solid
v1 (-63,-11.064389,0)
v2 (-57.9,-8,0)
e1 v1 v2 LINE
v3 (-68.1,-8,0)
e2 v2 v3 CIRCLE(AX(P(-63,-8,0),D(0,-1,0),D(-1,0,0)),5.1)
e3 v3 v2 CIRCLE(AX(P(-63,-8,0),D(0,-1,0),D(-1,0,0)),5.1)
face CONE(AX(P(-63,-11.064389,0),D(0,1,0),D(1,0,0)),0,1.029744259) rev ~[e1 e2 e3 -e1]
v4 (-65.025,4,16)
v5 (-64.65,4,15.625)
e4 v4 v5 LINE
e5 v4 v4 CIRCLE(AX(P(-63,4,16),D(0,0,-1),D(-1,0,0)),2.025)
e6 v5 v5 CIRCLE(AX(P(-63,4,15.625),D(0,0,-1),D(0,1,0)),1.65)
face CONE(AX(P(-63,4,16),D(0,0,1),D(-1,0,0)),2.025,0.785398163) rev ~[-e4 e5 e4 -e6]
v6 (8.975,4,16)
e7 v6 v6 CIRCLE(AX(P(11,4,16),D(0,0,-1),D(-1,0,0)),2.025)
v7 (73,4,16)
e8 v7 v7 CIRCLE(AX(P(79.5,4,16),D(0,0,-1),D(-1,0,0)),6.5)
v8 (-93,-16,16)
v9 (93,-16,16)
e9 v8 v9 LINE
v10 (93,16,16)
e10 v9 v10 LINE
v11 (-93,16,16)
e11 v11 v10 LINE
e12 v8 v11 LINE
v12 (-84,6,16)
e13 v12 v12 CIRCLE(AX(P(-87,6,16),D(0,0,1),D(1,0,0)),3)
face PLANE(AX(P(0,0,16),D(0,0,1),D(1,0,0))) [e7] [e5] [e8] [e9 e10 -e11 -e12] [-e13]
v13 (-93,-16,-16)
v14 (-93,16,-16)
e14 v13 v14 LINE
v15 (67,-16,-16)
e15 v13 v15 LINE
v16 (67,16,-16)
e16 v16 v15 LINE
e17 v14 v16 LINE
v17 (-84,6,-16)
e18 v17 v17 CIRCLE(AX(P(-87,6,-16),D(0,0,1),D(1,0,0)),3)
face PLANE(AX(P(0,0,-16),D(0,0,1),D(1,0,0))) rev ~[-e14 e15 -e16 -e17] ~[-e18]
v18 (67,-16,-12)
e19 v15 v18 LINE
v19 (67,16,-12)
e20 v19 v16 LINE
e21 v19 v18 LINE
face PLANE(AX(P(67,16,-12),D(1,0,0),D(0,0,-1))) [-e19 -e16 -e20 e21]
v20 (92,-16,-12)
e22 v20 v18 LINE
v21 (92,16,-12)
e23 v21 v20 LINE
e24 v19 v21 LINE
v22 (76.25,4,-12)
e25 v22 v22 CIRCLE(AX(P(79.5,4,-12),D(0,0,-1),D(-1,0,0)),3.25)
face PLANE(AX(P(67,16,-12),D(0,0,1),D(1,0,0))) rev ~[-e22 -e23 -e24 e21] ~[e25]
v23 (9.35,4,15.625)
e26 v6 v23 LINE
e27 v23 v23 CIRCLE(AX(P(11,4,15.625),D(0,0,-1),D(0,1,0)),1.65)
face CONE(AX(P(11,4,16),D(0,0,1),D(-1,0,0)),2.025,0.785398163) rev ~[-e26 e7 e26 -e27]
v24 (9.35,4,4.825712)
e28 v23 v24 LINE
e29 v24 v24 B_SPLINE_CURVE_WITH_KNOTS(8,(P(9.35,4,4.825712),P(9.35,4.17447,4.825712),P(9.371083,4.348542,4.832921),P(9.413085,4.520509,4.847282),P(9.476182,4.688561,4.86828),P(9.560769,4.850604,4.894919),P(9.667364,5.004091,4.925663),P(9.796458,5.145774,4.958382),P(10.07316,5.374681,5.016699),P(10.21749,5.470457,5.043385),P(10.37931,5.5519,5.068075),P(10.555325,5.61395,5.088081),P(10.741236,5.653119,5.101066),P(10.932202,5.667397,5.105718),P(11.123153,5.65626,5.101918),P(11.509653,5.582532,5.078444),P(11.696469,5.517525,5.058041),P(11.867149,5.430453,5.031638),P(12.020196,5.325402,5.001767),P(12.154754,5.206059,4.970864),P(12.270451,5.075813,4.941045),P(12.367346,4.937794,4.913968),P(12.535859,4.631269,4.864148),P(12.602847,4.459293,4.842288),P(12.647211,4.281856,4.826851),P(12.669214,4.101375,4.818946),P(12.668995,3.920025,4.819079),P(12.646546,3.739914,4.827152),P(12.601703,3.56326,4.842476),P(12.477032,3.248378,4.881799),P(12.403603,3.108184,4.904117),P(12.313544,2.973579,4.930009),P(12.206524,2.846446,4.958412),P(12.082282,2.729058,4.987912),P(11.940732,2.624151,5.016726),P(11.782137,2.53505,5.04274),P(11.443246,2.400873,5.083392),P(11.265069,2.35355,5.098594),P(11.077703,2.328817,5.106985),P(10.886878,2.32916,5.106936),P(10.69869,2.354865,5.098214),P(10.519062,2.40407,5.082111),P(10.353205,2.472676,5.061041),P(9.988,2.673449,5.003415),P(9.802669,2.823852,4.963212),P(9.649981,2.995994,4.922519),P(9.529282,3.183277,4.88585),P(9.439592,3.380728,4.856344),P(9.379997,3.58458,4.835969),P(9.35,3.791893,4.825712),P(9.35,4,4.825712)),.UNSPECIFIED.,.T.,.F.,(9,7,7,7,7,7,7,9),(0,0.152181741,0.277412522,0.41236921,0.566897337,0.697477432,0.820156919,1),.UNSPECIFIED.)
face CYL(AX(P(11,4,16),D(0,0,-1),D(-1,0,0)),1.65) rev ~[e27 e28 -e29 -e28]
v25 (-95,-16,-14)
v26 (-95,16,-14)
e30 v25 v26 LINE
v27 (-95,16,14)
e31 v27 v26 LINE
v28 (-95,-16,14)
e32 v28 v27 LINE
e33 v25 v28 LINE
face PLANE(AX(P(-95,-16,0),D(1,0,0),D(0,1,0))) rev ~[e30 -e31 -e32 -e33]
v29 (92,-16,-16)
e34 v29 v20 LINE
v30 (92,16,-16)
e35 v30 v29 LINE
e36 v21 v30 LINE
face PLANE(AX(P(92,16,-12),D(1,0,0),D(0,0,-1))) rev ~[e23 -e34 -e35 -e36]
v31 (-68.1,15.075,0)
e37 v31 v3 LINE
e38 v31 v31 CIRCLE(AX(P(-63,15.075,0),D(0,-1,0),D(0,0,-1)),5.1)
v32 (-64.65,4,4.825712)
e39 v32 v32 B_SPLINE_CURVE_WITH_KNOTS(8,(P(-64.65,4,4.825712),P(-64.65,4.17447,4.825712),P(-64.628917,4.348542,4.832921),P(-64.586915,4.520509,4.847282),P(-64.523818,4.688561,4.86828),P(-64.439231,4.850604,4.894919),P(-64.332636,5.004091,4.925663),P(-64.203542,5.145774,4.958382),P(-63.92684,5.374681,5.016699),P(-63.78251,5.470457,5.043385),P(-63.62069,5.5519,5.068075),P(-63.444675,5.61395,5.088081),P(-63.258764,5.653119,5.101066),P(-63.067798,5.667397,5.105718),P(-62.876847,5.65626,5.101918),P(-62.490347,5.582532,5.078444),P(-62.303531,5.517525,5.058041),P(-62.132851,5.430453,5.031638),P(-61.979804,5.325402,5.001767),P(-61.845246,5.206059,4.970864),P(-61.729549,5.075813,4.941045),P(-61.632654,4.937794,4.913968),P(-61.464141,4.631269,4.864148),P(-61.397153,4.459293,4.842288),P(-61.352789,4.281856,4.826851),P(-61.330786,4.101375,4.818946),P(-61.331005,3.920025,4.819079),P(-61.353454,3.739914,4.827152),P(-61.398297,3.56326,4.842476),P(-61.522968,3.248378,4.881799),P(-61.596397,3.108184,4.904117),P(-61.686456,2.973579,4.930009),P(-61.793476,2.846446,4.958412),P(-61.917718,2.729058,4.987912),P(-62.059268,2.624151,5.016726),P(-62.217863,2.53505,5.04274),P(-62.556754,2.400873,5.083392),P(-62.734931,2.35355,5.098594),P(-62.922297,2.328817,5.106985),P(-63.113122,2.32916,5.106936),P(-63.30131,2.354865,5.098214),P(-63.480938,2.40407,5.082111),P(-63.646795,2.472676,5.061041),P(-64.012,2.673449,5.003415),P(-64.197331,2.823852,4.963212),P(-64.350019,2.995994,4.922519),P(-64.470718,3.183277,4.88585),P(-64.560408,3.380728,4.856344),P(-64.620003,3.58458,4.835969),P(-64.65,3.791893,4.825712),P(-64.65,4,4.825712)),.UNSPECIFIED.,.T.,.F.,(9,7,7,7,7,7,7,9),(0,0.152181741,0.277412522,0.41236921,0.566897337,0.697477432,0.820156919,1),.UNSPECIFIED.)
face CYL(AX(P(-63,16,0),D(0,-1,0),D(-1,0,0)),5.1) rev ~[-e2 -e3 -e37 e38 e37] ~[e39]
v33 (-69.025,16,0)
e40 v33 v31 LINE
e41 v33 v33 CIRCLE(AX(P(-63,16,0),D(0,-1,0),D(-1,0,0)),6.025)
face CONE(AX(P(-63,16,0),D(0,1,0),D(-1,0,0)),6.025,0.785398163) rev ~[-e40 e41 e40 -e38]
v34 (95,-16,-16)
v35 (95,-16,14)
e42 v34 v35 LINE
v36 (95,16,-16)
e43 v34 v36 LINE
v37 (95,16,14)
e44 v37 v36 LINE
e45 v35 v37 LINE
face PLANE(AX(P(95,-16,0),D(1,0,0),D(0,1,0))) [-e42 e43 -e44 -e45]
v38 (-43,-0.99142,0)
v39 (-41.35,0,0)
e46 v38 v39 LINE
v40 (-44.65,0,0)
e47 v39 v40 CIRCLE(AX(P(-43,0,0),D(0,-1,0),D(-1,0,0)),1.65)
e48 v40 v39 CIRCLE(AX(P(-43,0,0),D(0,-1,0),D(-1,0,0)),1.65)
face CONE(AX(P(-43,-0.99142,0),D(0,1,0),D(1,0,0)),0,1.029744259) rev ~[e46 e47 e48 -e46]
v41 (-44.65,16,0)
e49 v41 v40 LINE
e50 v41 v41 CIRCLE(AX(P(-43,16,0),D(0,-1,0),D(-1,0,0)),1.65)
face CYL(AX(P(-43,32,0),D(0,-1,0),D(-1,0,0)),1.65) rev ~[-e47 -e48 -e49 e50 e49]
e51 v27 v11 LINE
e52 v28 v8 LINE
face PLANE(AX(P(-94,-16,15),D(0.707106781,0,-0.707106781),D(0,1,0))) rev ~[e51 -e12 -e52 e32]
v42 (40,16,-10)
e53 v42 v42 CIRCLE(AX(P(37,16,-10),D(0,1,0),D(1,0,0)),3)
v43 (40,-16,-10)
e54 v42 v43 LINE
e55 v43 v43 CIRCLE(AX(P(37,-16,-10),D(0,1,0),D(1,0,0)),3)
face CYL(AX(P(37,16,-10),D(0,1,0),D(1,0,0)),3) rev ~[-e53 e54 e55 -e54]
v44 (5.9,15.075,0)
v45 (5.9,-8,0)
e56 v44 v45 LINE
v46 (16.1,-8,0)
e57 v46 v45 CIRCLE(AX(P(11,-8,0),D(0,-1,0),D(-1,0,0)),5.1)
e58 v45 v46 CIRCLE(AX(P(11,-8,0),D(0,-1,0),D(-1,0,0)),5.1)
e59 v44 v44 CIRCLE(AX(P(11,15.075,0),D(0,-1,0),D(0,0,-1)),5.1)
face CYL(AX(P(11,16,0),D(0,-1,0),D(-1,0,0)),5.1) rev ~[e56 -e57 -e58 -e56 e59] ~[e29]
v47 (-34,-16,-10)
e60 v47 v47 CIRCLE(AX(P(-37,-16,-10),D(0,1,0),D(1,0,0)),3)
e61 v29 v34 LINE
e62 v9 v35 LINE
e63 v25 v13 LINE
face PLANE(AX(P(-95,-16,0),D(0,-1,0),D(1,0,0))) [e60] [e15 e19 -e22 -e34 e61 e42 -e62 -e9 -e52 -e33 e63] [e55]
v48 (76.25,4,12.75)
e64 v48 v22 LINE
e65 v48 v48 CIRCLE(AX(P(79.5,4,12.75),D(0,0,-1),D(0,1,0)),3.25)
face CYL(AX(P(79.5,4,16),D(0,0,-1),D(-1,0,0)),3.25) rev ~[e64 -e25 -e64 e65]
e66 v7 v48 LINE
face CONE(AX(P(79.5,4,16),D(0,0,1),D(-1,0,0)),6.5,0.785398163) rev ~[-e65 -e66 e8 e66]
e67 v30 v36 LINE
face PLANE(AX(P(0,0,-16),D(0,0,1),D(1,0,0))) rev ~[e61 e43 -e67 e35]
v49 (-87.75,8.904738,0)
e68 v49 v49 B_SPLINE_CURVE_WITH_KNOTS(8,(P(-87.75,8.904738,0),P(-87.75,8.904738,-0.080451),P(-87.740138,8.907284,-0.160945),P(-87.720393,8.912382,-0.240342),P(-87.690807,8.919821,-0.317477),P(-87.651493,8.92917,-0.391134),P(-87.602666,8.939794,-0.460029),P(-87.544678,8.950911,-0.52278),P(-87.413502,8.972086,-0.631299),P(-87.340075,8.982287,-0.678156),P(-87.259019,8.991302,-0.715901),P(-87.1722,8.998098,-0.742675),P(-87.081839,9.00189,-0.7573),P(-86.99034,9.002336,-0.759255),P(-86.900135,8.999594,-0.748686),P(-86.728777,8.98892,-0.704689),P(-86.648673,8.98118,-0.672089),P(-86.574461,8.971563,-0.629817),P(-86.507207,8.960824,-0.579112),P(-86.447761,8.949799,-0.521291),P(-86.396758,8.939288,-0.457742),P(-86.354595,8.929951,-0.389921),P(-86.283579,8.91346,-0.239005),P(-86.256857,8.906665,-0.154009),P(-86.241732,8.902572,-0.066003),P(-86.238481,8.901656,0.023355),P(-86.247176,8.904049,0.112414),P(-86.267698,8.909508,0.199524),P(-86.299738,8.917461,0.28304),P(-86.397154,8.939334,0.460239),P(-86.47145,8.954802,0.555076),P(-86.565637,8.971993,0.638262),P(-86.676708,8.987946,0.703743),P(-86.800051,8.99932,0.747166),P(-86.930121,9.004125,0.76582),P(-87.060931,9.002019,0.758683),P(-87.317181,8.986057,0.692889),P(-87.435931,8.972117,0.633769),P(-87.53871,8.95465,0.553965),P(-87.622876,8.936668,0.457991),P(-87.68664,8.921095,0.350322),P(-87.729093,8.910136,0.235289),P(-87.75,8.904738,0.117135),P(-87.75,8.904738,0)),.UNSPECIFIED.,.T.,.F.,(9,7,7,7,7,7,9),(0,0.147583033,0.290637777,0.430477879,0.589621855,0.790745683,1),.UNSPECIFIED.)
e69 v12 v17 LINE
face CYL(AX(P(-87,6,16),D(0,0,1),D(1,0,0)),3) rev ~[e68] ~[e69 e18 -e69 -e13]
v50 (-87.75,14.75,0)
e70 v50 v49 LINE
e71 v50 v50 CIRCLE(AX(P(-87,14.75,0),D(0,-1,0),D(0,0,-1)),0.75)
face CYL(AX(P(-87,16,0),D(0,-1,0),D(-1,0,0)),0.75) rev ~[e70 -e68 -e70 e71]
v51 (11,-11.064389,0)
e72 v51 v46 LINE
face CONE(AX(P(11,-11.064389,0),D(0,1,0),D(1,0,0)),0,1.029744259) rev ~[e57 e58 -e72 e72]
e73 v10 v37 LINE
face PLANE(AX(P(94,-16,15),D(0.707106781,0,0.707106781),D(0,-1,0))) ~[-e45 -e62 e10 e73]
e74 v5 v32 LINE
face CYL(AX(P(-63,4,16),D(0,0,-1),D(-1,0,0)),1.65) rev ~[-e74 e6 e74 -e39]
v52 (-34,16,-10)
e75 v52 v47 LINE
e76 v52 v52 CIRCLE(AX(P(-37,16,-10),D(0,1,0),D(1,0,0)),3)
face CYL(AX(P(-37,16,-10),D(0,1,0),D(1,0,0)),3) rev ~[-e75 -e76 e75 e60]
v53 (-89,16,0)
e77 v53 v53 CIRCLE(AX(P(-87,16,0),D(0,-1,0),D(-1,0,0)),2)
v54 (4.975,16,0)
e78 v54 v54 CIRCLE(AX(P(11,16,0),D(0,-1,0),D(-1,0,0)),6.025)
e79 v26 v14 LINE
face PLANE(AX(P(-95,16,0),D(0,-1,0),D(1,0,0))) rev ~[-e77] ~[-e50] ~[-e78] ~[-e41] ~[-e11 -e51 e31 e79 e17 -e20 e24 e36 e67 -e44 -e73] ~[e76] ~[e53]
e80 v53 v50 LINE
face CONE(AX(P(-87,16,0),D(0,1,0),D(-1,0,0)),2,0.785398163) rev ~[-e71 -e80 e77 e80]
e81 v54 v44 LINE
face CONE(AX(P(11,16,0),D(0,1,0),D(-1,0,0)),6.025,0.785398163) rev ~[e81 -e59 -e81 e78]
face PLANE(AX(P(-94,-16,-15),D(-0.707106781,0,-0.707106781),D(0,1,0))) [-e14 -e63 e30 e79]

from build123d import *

# Parameters (mm, degrees)
SKETCH1_W                                            = 190
SKETCH1_H                                            = 32
BOSS_EXTRUDE1_DEPTH                                  = 16
CHAMFER1_SIZE                                        = 2
SKETCH3_W                                            = 25
SKETCH3_H                                            = 4
CUT_EXTRUDE1_DEPTH                                   = 33
M12_TAPPED_HOLE2_D                                   = 10.2
M12_TAPPED_HOLE2_DEPTH                               = 24
M12_TAPPED_HOLE2_CSINK_D                             = 12.05
M12_TAPPED_HOLE2_CSINK_ANGLE                         = 90
M12_TAPPED_HOLE2_TIP                                 = 3.064389157
M4_TAPPED_HOLE1_D                                    = 3.3
M4_TAPPED_HOLE1_DEPTH                                = 11.5
M4_TAPPED_HOLE1_CSINK_D                              = 4.05
M4_TAPPED_HOLE1_CSINK_ANGLE                          = 90
M4_TAPPED_HOLE1_TIP                                  = 0.991420021
SKETCH18_R                                           = 3
CUT_EXTRUDE2_DEPTH                                   = 33
CSK_FOR_M4_COUNTERSUNK_FLAT_HEAD_SCREW1_D            = 1.5
CSK_FOR_M4_COUNTERSUNK_FLAT_HEAD_SCREW1_DEPTH        = 10
CSK_FOR_M4_COUNTERSUNK_FLAT_HEAD_SCREW1_CSINK_D      = 4
CSK_FOR_M4_COUNTERSUNK_FLAT_HEAD_SCREW1_CSINK_ANGLE  = 90
CSK_FOR_M4_COUNTERSUNK_FLAT_HEAD_SCREW1_TIP          = 0.450645464
M4_TAPPED_HOLE3_D                                    = 3.3
M4_TAPPED_HOLE3_DEPTH                                = 16
M4_TAPPED_HOLE3_TIP                                  = 0.991420021
SKETCH25_R                                           = 3
CUT_EXTRUDE3_DEPTH                                   = 33
CSK_FOR_M10_COUNTERSUNK_FLAT_HEAD_SCREW1_D           = 6.5
CSK_FOR_M10_COUNTERSUNK_FLAT_HEAD_SCREW1_CSINK_D     = 13
CSK_FOR_M10_COUNTERSUNK_FLAT_HEAD_SCREW1_CSINK_ANGLE = 90


with BuildPart() as part:
    # Sketch1 → Boss-Extrude1 (new body, symmetric)
    with BuildSketch(Plane.XY):
        Rectangle(SKETCH1_W, SKETCH1_H)
    extrude(amount=BOSS_EXTRUDE1_DEPTH, both=True)

    # Chamfer1
    chamfer1_edges = [part.edges().sort_by_distance(p)[0] for p in [
        (-95, 0, 16),
        (95, 0, 16),
        (-95, 0, -16),
    ]]
    chamfer(chamfer1_edges, length=CHAMFER1_SIZE)

    # Sketch3 → Cut-Extrude1 (cut, through all)
    with BuildSketch(Plane(origin=(0, 16, 0), x_dir=(1, 0, 0), z_dir=(0, 1, 0))):
        with Locations((79.5, 14)):
            Rectangle(SKETCH3_W, SKETCH3_H)
    extrude(amount=-CUT_EXTRUDE1_DEPTH, mode=Mode.SUBTRACT)

    # M12 Tapped Hole2
    with Locations(Plane(origin=(0, 16, 0), x_dir=(1, 0, 0), z_dir=(0, 1, 0))):
        with Locations((-63, 0), (11, 0)):
            CounterSinkHole(M12_TAPPED_HOLE2_D / 2, M12_TAPPED_HOLE2_CSINK_D / 2, depth=M12_TAPPED_HOLE2_DEPTH, counter_sink_angle=M12_TAPPED_HOLE2_CSINK_ANGLE)
            with Locations((0, 0, -(M12_TAPPED_HOLE2_DEPTH + M12_TAPPED_HOLE2_TIP / 2))):  # 118° drill point
                Cone(0, M12_TAPPED_HOLE2_D / 2, M12_TAPPED_HOLE2_TIP, mode=Mode.SUBTRACT)

    # M4 Tapped Hole1
    with Locations(Plane.XY.offset(16)):
        with Locations((-63, 4), (11, 4)):
            CounterSinkHole(M4_TAPPED_HOLE1_D / 2, M4_TAPPED_HOLE1_CSINK_D / 2, depth=M4_TAPPED_HOLE1_DEPTH, counter_sink_angle=M4_TAPPED_HOLE1_CSINK_ANGLE)
            with Locations((0, 0, -(M4_TAPPED_HOLE1_DEPTH + M4_TAPPED_HOLE1_TIP / 2))):  # 118° drill point
                Cone(0, M4_TAPPED_HOLE1_D / 2, M4_TAPPED_HOLE1_TIP, mode=Mode.SUBTRACT)

    # Sketch18 → Cut-Extrude2 (cut, through all)
    with BuildSketch(Plane.XY.offset(16)):
        with Locations((-87, 6)):
            Circle(SKETCH18_R)
    extrude(amount=-CUT_EXTRUDE2_DEPTH, mode=Mode.SUBTRACT)

    # CSK for M4 Countersunk Flat Head Screw1
    with Locations(Plane(origin=(0, 16, 0), x_dir=(1, 0, 0), z_dir=(0, 1, 0))):
        with Locations((-87, 0)):
            CounterSinkHole(CSK_FOR_M4_COUNTERSUNK_FLAT_HEAD_SCREW1_D / 2, CSK_FOR_M4_COUNTERSUNK_FLAT_HEAD_SCREW1_CSINK_D / 2, depth=CSK_FOR_M4_COUNTERSUNK_FLAT_HEAD_SCREW1_DEPTH, counter_sink_angle=CSK_FOR_M4_COUNTERSUNK_FLAT_HEAD_SCREW1_CSINK_ANGLE)
            with Locations((0, 0, -(CSK_FOR_M4_COUNTERSUNK_FLAT_HEAD_SCREW1_DEPTH + CSK_FOR_M4_COUNTERSUNK_FLAT_HEAD_SCREW1_TIP / 2))):  # 118° drill point
                Cone(0, CSK_FOR_M4_COUNTERSUNK_FLAT_HEAD_SCREW1_D / 2, CSK_FOR_M4_COUNTERSUNK_FLAT_HEAD_SCREW1_TIP, mode=Mode.SUBTRACT)

    # M4 Tapped Hole3
    with Locations(Plane(origin=(0, 16, 0), x_dir=(1, 0, 0), z_dir=(0, 1, 0))):
        with Locations((-43, 0)):
            Hole(M4_TAPPED_HOLE3_D / 2, depth=M4_TAPPED_HOLE3_DEPTH)
            with Locations((0, 0, -(M4_TAPPED_HOLE3_DEPTH + M4_TAPPED_HOLE3_TIP / 2))):  # 118° drill point
                Cone(0, M4_TAPPED_HOLE3_D / 2, M4_TAPPED_HOLE3_TIP, mode=Mode.SUBTRACT)

    # Sketch25 → Cut-Extrude3 (cut, through all)
    with BuildSketch(Plane(origin=(0, 16, 0), x_dir=(1, 0, 0), z_dir=(0, 1, 0))):
        with Locations((-37, 10)):
            Circle(SKETCH25_R)
        with Locations((37, 10)):
            Circle(SKETCH25_R)
    extrude(amount=-CUT_EXTRUDE3_DEPTH, mode=Mode.SUBTRACT)

    # CSK for M10 Countersunk Flat Head Screw1 (through all)
    with Locations(Plane.XY.offset(16)):
        with Locations((79.5, 4)):
            CounterSinkHole(CSK_FOR_M10_COUNTERSUNK_FLAT_HEAD_SCREW1_D / 2, CSK_FOR_M10_COUNTERSUNK_FLAT_HEAD_SCREW1_CSINK_D / 2, counter_sink_angle=CSK_FOR_M10_COUNTERSUNK_FLAT_HEAD_SCREW1_CSINK_ANGLE)


solid = part.part
